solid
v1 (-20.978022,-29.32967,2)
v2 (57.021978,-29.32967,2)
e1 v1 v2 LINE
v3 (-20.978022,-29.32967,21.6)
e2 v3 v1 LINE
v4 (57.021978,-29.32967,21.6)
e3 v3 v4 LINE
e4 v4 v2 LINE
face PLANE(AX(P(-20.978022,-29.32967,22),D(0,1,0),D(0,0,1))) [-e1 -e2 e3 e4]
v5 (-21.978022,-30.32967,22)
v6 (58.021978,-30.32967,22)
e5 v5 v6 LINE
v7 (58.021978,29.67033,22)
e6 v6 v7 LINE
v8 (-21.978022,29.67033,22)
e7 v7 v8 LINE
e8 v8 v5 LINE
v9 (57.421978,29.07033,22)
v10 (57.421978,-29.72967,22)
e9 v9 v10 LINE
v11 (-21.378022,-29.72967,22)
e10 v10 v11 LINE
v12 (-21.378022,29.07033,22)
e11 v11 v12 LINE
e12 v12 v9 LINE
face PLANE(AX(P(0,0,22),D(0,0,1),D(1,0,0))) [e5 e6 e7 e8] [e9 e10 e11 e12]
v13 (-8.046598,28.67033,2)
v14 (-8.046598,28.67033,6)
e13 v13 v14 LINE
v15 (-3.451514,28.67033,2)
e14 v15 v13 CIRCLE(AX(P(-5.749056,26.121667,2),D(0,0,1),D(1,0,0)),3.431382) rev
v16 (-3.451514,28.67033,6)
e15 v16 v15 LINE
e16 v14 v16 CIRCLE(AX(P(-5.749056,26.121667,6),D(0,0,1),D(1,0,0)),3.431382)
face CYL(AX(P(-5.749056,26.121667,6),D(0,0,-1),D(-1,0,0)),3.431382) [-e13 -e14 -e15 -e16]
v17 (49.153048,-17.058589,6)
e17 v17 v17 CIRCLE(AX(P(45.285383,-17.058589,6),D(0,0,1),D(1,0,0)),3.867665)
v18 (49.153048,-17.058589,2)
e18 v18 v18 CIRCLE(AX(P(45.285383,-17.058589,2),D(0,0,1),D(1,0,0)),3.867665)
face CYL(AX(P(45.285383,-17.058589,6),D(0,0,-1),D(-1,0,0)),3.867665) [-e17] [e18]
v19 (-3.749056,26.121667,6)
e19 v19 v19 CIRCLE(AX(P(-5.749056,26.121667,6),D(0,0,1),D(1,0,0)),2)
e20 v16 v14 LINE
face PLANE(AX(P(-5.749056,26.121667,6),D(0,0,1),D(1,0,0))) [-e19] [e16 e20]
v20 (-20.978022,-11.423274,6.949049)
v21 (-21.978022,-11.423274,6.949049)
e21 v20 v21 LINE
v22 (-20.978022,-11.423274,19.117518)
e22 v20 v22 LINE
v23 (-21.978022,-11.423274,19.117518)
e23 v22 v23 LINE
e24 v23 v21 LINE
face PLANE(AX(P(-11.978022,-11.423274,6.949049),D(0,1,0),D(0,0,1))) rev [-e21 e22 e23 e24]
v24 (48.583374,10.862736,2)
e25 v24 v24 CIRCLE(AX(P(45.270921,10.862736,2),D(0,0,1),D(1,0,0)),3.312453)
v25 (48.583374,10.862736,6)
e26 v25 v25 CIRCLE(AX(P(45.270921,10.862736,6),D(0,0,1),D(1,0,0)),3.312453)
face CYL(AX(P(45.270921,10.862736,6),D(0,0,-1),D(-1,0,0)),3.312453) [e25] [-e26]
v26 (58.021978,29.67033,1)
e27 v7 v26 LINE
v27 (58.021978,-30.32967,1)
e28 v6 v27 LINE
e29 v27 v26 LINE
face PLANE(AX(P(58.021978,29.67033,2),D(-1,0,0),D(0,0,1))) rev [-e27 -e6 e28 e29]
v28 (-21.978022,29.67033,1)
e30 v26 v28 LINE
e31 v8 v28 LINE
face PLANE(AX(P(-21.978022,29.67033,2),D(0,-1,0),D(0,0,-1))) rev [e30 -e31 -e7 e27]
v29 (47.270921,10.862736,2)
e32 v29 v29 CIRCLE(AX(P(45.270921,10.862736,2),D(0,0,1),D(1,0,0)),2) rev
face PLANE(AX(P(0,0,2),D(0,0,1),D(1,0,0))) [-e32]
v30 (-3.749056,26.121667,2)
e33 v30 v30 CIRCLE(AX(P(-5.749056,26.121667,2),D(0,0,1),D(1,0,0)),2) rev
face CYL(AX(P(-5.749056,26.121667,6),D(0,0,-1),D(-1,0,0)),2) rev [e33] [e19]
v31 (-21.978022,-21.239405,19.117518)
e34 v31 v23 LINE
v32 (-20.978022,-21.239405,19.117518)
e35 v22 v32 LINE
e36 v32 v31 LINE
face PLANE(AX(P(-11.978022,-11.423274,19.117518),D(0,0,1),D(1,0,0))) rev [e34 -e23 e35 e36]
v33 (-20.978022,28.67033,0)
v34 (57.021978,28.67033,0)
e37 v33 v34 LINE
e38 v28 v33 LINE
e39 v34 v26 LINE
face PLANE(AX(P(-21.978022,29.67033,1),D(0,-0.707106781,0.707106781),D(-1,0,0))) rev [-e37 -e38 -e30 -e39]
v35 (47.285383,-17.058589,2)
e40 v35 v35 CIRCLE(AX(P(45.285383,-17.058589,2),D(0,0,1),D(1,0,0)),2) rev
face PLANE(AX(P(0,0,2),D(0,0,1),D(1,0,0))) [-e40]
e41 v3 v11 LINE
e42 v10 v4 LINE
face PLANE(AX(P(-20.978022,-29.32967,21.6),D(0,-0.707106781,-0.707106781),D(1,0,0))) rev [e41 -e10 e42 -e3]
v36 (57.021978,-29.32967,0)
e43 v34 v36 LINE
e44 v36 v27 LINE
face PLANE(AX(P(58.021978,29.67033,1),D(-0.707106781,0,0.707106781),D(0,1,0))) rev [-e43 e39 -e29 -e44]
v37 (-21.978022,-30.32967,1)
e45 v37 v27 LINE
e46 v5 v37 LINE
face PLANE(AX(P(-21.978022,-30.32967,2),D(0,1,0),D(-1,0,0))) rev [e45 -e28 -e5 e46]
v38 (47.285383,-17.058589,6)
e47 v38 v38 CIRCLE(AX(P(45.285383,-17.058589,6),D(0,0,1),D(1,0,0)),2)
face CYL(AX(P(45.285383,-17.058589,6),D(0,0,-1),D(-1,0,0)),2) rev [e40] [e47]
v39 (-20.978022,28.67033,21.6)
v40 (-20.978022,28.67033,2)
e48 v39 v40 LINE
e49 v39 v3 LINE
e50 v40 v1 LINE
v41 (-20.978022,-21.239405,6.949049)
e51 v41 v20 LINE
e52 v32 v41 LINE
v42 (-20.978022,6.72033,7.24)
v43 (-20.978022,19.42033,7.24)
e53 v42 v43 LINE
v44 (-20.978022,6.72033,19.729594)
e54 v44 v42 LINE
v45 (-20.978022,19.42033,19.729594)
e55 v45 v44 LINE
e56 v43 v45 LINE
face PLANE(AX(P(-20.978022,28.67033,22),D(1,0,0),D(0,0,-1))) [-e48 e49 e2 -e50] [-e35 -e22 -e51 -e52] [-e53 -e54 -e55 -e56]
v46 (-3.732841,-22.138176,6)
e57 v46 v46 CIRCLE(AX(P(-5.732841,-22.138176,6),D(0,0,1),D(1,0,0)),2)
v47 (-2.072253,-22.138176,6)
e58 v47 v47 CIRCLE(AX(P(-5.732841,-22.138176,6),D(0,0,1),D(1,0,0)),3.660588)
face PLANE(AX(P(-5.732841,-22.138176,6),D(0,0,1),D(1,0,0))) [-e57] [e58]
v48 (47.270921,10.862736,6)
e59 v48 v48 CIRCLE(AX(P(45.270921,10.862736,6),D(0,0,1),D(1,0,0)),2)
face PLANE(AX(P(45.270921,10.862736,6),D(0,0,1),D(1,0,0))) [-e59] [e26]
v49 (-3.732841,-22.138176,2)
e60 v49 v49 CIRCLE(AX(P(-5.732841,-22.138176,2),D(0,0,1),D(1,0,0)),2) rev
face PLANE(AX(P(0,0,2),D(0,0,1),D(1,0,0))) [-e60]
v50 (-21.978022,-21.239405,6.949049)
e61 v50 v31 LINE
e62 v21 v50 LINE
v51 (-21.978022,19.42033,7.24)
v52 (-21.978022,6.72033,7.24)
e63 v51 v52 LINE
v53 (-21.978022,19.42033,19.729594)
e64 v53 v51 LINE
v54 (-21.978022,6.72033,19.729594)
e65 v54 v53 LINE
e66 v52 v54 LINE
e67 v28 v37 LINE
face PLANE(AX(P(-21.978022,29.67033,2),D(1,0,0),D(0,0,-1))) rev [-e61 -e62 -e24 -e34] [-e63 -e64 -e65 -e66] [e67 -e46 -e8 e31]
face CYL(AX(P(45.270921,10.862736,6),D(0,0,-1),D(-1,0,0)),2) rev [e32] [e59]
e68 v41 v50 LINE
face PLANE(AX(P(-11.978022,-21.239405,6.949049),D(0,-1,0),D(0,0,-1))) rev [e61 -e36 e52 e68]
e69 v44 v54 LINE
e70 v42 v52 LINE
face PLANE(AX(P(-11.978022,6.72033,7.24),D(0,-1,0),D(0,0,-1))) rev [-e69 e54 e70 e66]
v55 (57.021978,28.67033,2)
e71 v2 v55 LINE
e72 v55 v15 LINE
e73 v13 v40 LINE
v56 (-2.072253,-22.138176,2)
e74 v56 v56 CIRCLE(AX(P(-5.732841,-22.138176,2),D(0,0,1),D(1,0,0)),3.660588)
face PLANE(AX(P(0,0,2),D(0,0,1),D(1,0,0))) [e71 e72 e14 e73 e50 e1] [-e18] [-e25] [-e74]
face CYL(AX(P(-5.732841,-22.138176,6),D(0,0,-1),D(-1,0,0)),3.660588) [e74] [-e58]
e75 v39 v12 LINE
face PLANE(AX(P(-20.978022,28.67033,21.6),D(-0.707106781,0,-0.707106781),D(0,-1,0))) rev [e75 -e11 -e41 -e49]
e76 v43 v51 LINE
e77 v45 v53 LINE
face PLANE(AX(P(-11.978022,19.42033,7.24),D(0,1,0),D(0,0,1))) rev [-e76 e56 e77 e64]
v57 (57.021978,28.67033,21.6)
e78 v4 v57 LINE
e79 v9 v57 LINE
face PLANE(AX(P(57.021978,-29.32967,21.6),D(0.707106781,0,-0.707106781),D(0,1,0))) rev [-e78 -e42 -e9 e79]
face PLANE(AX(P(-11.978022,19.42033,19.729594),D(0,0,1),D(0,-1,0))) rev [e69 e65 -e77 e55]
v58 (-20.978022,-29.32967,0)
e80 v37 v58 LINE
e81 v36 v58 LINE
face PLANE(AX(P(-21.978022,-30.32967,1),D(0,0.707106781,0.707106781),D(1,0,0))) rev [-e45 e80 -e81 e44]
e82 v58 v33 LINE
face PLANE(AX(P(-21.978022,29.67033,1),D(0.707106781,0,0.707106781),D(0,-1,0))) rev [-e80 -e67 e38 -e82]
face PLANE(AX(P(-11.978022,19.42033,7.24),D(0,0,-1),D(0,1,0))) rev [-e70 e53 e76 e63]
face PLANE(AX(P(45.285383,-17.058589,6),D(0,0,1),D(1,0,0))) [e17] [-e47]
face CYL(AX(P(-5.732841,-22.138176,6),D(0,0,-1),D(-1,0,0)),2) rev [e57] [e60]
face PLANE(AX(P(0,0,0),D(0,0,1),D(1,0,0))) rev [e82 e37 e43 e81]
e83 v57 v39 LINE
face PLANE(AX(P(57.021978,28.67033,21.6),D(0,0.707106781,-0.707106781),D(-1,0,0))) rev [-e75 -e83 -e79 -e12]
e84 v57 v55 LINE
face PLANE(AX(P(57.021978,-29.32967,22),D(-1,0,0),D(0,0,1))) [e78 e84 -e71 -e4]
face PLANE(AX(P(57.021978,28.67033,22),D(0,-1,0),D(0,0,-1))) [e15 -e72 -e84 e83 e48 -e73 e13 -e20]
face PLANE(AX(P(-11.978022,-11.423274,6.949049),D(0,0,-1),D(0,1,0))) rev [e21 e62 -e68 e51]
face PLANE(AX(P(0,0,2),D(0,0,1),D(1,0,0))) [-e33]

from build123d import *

# Parameters (mm, degrees)
SKETCH_1_W          = 80
SKETCH_1_H          = 60
EXTRUDE_1_DEPTH     = 2
SKETCH_2_W          = 80
SKETCH_2_H          = 60
SKETCH_2_W_2        = 78
SKETCH_2_H_2        = 58
EXTRUDE_2_DEPTH     = 20
CHAMFER_1_SIZE      = 1
SKETCH_3_W          = 12.489594438
SKETCH_3_H          = 12.7
SKETCH_3_W_2        = 12.168468818
SKETCH_3_H_2        = 9.816130436
CUT_EXTRUDE_1_DEPTH = 10
SKETCH_4_R          = 3.431381937
SKETCH_4_R_2        = 2
SKETCH_4_R_3        = 3.312453099
SKETCH_4_R_4        = 3.867665241
SKETCH_4_R_5        = 3.660588401
EXTRUDE_4_DEPTH     = 4
CHAMFER_2_SIZE      = 0.4


with BuildPart() as part:
    # Эскиз1 → Бобышка-Вытянуть1 (new body)
    with BuildSketch(Plane.XY):
        with Locations((18.021978022, -0.32967033)):
            Rectangle(SKETCH_1_W, SKETCH_1_H)
    extrude(amount=EXTRUDE_1_DEPTH)

    # Эскиз2 → Бобышка-Вытянуть2 (add)
    with BuildSketch(Plane.XY.offset(2)):
        with Locations((18.021978022, -0.32967033)):
            Rectangle(SKETCH_2_W, SKETCH_2_H)
        with Locations((18.021978022, -0.32967033)):
            Rectangle(SKETCH_2_W_2, SKETCH_2_H_2, mode=Mode.SUBTRACT)
    extrude(amount=EXTRUDE_2_DEPTH)

    # Фаска1
    chamfer_1_edges = [part.edges().sort_by_distance(p)[0] for p in [
        (18.021978022, 29.67032967, 0),
        (58.021978022, -0.32967033, 0),
        (18.021978022, -30.32967033, 0),
        (-21.978021978, -0.32967033, 0),
    ]]
    chamfer(chamfer_1_edges, length=CHAMFER_1_SIZE)

    # Эскиз3 → Вырез-Вытянуть1 (cut)
    with BuildSketch(Plane.ZY.offset(21.978021978)):
        with Locations((13.484797219, 13.07032967)):
            Rectangle(SKETCH_3_W, SKETCH_3_H)
        with Locations((13.033283453, -16.331339337)):
            Rectangle(SKETCH_3_W_2, SKETCH_3_H_2)
    extrude(amount=-CUT_EXTRUDE_1_DEPTH, mode=Mode.SUBTRACT)

    # Эскиз4 → Бобышка-Вытянуть4 (add)
    # profile 1 of 4: a face of its own
    with BuildSketch(Plane.XY.offset(2)):
        with Locations((-5.749056018, 26.121666888)):
            Circle(SKETCH_4_R)
        with Locations((-5.749056018, 26.121666888)):
            Circle(SKETCH_4_R_2, mode=Mode.SUBTRACT)
    # profile 2 of 4: a face of its own
    with BuildSketch(Plane.XY.offset(2)):
        with Locations((45.270920547, 10.86273616)):
            Circle(SKETCH_4_R_3)
        with Locations((45.270920547, 10.86273616)):
            Circle(SKETCH_4_R_2, mode=Mode.SUBTRACT)
    # profile 3 of 4: a face of its own
    with BuildSketch(Plane.XY.offset(2)):
        with Locations((45.285382916, -17.058588577)):
            Circle(SKETCH_4_R_4)
        with Locations((45.285382916, -17.058588577)):
            Circle(SKETCH_4_R_2, mode=Mode.SUBTRACT)
    # profile 4 of 4: a face of its own
    with BuildSketch(Plane.XY.offset(2)):
        with Locations((-5.732841378, -22.138175863)):
            Circle(SKETCH_4_R_5)
        with Locations((-5.732841378, -22.138175863)):
            Circle(SKETCH_4_R_2, mode=Mode.SUBTRACT)
    extrude(amount=EXTRUDE_4_DEPTH)

    # Фаска2
    chamfer_2_edges = [part.edges().sort_by_distance(p)[0] for p in [
        (18.021978022, 28.67032967, 22),
        (-20.978021978, -0.32967033, 22),
        (18.021978022, -29.32967033, 22),
        (57.021978022, -0.32967033, 22),
    ]]
    chamfer(chamfer_2_edges, length=CHAMFER_2_SIZE)


solid = part.part
